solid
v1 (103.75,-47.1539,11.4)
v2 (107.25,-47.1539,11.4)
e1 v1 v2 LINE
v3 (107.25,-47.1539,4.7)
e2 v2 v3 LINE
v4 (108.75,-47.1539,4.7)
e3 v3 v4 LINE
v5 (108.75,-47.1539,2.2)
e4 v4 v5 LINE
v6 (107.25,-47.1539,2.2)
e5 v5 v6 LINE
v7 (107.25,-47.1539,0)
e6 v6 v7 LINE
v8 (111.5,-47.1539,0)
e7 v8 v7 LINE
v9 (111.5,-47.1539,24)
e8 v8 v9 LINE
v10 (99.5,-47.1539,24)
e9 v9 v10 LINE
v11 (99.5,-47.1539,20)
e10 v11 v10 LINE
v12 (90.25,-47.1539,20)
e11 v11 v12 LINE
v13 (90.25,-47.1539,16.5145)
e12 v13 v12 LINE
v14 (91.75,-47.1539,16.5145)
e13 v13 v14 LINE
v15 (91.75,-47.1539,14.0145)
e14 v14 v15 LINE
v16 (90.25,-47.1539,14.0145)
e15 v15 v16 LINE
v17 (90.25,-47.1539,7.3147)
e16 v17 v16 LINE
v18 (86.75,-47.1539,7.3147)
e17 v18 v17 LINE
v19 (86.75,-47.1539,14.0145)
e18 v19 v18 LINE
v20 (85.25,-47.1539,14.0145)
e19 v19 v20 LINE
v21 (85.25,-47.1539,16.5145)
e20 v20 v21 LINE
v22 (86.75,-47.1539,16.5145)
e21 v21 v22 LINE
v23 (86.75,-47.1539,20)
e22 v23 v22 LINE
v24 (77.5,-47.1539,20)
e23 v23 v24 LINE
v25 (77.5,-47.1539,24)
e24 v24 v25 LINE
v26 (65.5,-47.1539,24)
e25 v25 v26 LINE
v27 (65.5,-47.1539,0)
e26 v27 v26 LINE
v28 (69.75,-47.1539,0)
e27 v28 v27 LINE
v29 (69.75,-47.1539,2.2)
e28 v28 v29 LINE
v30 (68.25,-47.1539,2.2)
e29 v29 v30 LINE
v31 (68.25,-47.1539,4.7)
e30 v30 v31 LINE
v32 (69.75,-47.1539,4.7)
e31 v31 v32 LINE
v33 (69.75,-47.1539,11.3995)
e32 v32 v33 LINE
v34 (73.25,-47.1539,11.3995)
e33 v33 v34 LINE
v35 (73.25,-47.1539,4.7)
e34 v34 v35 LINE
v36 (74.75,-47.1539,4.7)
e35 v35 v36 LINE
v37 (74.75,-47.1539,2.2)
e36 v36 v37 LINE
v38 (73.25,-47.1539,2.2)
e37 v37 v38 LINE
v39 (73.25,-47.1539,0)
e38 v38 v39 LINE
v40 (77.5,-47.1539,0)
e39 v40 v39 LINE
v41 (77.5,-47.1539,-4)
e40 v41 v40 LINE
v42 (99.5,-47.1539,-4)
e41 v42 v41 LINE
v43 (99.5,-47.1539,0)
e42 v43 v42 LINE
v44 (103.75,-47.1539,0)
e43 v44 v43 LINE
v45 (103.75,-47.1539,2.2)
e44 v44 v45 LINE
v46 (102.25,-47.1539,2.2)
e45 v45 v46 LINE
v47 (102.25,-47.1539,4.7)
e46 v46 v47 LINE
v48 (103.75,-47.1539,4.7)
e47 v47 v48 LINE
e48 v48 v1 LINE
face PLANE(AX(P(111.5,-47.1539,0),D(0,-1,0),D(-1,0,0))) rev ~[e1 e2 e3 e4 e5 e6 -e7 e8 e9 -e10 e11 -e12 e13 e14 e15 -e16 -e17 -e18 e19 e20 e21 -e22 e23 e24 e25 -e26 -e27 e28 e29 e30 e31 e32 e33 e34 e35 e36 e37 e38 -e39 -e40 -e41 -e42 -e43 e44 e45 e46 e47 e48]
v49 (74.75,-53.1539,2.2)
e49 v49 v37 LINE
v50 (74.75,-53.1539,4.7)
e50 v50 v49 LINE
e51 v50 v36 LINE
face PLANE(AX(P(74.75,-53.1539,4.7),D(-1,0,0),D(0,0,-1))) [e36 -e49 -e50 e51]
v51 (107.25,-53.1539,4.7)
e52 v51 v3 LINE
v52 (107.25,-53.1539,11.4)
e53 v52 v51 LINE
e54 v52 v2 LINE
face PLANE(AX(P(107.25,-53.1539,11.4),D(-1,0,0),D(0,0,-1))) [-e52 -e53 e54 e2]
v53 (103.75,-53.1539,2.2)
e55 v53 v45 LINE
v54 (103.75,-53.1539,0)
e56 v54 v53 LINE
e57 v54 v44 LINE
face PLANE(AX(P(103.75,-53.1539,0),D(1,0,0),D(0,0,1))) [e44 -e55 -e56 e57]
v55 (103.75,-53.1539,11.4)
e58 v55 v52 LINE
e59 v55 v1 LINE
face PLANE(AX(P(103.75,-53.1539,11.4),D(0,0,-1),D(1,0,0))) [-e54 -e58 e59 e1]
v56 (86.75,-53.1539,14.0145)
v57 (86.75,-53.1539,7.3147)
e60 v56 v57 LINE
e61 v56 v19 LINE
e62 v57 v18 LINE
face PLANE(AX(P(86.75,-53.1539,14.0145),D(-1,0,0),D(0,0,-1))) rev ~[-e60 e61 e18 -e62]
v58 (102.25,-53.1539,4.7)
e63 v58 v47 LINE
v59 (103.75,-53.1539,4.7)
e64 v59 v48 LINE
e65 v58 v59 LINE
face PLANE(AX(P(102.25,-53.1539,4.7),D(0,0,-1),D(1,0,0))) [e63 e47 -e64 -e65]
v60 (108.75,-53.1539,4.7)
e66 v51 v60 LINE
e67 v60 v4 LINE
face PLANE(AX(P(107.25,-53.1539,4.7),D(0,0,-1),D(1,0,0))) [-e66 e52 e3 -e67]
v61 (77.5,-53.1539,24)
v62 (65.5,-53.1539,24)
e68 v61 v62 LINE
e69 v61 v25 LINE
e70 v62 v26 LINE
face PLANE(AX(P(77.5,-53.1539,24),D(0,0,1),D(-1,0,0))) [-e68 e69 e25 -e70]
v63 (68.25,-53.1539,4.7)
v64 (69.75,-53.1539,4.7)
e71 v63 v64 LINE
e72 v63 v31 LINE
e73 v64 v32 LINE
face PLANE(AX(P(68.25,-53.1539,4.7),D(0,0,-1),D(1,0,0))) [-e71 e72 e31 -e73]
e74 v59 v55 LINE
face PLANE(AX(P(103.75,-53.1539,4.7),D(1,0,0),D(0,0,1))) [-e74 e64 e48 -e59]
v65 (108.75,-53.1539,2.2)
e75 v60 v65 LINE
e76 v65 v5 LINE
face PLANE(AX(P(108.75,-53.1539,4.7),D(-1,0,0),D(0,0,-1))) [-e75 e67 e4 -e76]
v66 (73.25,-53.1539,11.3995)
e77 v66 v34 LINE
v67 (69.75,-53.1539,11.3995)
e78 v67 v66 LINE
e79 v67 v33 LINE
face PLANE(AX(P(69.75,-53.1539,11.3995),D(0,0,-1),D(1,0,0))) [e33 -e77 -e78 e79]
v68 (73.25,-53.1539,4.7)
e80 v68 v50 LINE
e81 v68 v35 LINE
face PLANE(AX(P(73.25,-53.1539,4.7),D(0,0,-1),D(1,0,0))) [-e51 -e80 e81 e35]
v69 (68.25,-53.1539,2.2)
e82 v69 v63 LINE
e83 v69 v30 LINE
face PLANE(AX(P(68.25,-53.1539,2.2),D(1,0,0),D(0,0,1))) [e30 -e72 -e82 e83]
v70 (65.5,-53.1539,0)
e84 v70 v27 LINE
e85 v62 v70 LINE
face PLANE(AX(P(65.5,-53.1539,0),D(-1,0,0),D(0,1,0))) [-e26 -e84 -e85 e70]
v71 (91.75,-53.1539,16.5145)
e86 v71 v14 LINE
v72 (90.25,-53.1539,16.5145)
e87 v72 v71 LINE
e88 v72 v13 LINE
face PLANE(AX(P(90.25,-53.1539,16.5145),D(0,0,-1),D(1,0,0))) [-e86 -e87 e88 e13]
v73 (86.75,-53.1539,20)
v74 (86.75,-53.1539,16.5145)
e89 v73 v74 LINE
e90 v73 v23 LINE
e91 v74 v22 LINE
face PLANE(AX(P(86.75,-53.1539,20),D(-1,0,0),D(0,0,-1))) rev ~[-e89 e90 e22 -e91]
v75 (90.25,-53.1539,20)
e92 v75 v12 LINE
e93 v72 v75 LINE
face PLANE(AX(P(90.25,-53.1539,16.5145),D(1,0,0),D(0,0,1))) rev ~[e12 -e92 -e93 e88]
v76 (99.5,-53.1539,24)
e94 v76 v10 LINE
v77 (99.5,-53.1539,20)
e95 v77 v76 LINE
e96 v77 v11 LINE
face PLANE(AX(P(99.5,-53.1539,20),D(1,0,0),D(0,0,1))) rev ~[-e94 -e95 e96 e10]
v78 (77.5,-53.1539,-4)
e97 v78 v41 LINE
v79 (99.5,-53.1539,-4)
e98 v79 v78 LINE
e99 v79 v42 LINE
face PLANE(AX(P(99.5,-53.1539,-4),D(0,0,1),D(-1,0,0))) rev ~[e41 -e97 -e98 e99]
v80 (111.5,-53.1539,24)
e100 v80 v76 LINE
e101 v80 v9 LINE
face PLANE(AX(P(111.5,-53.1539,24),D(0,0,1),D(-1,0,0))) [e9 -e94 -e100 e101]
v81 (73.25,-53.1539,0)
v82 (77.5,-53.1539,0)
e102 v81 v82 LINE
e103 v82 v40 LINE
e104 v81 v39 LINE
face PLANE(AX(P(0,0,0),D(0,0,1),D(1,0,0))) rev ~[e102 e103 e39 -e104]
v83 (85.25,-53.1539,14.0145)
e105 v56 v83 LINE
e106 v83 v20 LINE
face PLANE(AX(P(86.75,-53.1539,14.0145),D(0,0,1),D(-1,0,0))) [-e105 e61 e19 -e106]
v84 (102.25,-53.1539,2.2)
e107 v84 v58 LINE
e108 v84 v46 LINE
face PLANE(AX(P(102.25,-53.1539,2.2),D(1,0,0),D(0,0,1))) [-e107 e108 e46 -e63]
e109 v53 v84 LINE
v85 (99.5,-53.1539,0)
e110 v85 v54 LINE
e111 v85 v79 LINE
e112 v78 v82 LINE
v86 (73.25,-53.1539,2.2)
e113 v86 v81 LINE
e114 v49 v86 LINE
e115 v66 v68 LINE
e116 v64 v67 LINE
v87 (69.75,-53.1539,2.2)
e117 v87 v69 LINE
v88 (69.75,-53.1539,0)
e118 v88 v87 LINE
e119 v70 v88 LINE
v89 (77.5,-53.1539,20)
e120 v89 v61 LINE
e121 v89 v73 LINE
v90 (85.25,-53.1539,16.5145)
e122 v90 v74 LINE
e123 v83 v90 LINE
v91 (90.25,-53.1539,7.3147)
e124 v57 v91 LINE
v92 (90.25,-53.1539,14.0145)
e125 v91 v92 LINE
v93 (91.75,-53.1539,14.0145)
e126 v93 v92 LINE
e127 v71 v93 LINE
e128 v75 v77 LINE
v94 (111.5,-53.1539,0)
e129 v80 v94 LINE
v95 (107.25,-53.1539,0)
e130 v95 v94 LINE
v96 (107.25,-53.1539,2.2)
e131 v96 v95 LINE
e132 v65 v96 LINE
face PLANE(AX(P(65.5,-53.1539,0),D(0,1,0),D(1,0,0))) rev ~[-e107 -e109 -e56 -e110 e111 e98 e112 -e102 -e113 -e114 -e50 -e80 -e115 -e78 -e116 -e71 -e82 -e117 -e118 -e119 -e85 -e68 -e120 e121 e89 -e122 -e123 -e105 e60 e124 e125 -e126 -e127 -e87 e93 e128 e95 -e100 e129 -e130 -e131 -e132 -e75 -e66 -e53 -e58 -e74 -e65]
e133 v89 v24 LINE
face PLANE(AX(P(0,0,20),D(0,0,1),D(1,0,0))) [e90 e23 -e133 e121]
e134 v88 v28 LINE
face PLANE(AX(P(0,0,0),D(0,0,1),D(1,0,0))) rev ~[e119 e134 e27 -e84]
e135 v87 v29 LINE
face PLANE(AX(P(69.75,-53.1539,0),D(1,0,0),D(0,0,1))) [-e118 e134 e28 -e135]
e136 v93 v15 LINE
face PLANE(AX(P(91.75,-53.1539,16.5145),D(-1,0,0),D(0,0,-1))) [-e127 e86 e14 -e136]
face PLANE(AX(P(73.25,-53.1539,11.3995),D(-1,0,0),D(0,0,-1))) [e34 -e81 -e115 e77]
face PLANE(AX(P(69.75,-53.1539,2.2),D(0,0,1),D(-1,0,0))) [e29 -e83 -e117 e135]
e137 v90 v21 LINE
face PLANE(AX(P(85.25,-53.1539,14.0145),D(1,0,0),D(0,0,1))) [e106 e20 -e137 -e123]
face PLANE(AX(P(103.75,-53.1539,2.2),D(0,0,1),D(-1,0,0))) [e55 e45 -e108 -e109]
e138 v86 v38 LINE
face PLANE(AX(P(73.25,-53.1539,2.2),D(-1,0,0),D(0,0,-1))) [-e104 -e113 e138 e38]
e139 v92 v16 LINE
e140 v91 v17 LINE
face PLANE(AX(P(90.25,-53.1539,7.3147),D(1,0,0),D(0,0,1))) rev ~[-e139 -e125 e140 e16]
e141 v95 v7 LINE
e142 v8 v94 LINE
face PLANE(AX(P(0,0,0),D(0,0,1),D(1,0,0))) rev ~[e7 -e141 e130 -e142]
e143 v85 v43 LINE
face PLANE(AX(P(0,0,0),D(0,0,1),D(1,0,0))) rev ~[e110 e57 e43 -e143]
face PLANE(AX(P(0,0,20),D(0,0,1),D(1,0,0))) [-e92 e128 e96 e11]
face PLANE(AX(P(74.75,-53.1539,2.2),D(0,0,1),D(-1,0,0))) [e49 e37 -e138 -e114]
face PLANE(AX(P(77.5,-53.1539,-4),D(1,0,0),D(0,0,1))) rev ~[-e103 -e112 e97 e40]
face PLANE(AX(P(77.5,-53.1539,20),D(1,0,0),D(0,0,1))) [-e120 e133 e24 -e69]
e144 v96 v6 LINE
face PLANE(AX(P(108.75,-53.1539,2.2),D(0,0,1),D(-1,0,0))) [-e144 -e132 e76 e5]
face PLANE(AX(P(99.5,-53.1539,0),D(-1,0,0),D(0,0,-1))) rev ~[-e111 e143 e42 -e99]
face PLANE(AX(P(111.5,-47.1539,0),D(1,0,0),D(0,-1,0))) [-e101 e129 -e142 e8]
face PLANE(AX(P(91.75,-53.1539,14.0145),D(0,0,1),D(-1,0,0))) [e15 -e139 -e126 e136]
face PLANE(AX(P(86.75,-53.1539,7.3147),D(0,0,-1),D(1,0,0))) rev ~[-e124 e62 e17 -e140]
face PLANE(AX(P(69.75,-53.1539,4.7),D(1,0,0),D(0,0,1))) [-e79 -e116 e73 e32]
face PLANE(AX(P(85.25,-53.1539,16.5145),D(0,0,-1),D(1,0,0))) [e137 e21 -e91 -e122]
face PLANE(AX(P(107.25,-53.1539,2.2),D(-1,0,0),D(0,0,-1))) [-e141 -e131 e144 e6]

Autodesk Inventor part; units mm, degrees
ref_plane "YZ Plane" through (0, 0, 0) normal (1, 0, 0) x (0, 1, 0)
ref_plane "XZ Plane" through (0, 0, 0) normal (0, 1, 0) x (-1, 0, 0)
ref_plane "РабПлоскость1" through (0, 0, 0) normal (0, 0, 1) x (1, 0, 0)
sketch "Эскиз1" plane through (0, 0, 0) normal (0, 0, 1) x (1, 0, 0)
  line L0 (111.5, 97.5) -> (111.5, -97.5) projected
  line L1 (65.5, 97.5) -> (111.5, 97.5) projected
  line L2 (65.5, 63.1836) -> (65.5, 97.5) projected
  line L3 (65.5, 63.1836) -> (57.5, 63.1836) projected
  line L4 (57.5, 53.1836) -> (57.5, 63.1836) projected
  line L5 (65.5, 53.1836) -> (57.5, 53.1836) projected
  line L6 (65.5, -53.1539) -> (65.5, 53.1836) projected
  line L7 (65.5, -53.1539) -> (57.5, -53.1539) projected
  line L8 (57.5, -63.1539) -> (57.5, -53.1539) projected
  line L9 (65.5, -63.1539) -> (57.5, -63.1539) projected
  line L10 (65.5, -97.5) -> (65.5, -63.1539) projected
  line L11 (111.5, -97.5) -> (65.5, -97.5) projected
  line L12 (65.5, 53.1836) -> (111.5, 53.1836)
  line L13 (111.5, 53.1836) -> (111.5, 47.1836)
  line L14 (111.5, 47.1836) -> (65.5, 47.1836)
  line L15 (65.5, 47.1836) -> (65.5, 53.1836)
  line L16 (65.5, -53.1539) -> (111.5, -53.1539)
  line L17 (111.5, -53.1539) -> (111.5, -47.1539)
  line L18 (111.5, -47.1539) -> (65.5, -47.1539)
  line L19 (65.5, -47.1539) -> (65.5, -53.1539)
  point P0 (0, 0)
  dimension "d0" = 6
  dimension "d1" = 6
ref_plane "РабПлоскость2" through (57.5, -97.5, 20) normal (0, 0, -1) x (0, 1, 0)
extrude "Выдавливание1" add sketch "Эскиз1" along normal up to surface (20 mm away) contours L0 L16 L6 L18
sketch "Эскиз2" plane through (65.5, -53.1539, 0) normal (0, -1, 0) x (1, 0, 0)
  line L0 (46, 24) -> (0, 24) projected
  line L1 (0, 20) -> (46, 20) projected
  line L2 (0, 20) -> (12, 20)
  line L3 (12, 20) -> (12, 24)
  line L4 (12, 24) -> (0, 24)
  line L5 (0, 24) -> (0, 20)
  line L6 (46, 20) -> (34, 20)
  line L7 (34, 20) -> (34, 24)
  line L8 (34, 24) -> (46, 24)
  line L9 (46, 24) -> (46, 20)
  point P0 (-65.5, 0)
  point P1 (34, 20)
  dimension "d4" = 12
  dimension "d5" = 12
sketch "Эскиз3" plane through (65.5, -53.1539, 0) normal (0, -1, 0) x (1, 0, 0)
  line L0 (31, 10.1574) -> (31, 5.1574)
  line L1 (26.25, 14.0145) -> (19.75, 14.0145)
  line L2 (19.75, 14.0145) -> (19.75, 16.5145)
  line L3 (19.75, 16.5145) -> (26.25, 16.5145)
  line L4 (26.25, 16.5145) -> (26.25, 14.0145)
  line L5 (24.75, 20) -> (21.25, 20)
  line L6 (21.25, 20) -> (21.25, 7.3147)
  line L7 (21.25, 7.3147) -> (24.75, 7.3147)
  line L8 (24.75, 7.3147) -> (24.75, 20)
  line L9 (24.75, 20) -> (21.25, 7.3147) construction
  line L10 (21.25, 20) -> (24.75, 7.3147) construction
  line L11 (24.75, 20) -> (21.25, 16.5145)
  line L12 (24.75, 16.5145) -> (21.25, 20)
  line L13 (46, 20) -> (0, 20) projected
  point P0 (-65.5, 0)
  point P1 (23, 13.6574)
  point P2 (23, 20)
  point P3 (21.25, 14.0145)
  point P4 (24.75, 14.0145)
  dimension "d6" = 6.5
  dimension "d7" = 2.5
  dimension "d10" = 4.75
  dimension "d12" = 3.5
  dimension "d13" = 3.25
extrude "Выдавливание2" add sketch "Эскиз2" against normal blind 6 contours L9 L1 L7 L0 | L3 L1 L5 L0
extrude "Выдавливание3" cut sketch "Эскиз3" against normal blind 6
sketch "Эскиз4" plane through (65.5, -53.1539, 0) normal (0, -1, 0) x (1, 0, 0)
  line L0 (46, 0) -> (0, 0) projected
  line L1 (12, 0) -> (34, 0)
  line L2 (34, 0) -> (34, -4)
  line L3 (34, -4) -> (12, -4)
  line L4 (12, -4) -> (12, 0)
  point P0 (-65.5, 0)
  point P1 (34, 0)
  dimension "d18" = 12
  dimension "d19" = 12
  dimension "d20" = 4
extrude "Выдавливание4" add sketch "Эскиз4" against normal blind 6
sketch "Эскиз5" plane through (65.5, -53.1539, 24) normal (0, -1, 0) x (1, 0, 0)
  line L0 (9.25, -21.8) -> (2.75, -21.8)
  line L1 (2.75, -21.8) -> (2.75, -19.3)
  line L2 (2.75, -19.3) -> (9.25, -19.3)
  line L3 (9.25, -19.3) -> (9.25, -21.8)
  line L4 (4.25, -12.6005) -> (7.75, -12.6005)
  line L5 (7.75, -12.6005) -> (7.75, -24)
  line L6 (7.75, -24) -> (4.25, -24)
  line L7 (4.25, -24) -> (4.25, -12.6005)
  line L8 (4.25, -12.6005) -> (7.75, -24) construction
  line L9 (7.75, -12.6005) -> (4.25, -24) construction
  line L10 (0, -24) -> (12, -24) projected
  line L11 (43.25, -19.3) -> (43.25, -21.8)
  line L12 (41.75, -24) -> (38.25, -24)
  line L13 (41.75, -12.6) -> (41.75, -24)
  line L14 (43.25, -21.8) -> (36.75, -21.8)
  line L15 (36.75, -19.3) -> (43.25, -19.3)
  line L16 (38.25, -12.6) -> (41.75, -24) construction
  line L17 (38.25, -12.6) -> (41.75, -12.6)
  line L18 (41.75, -12.6) -> (38.25, -24) construction
  line L19 (36.75, -21.8) -> (36.75, -19.3)
  line L20 (38.25, -24) -> (38.25, -12.6)
  line L21 (34, -24) -> (46, -24) projected
  point P0 (-65.5, -24)
  point P1 (6, -18.3002)
  point P2 (6, -24)
  point P3 (40, -18.3)
  point P4 (42.6795, -22.1366)
  point P5 (40, -24)
  point P6 (38.25, -19.3)
  point P7 (38.25, -21.8)
  point P8 (41.75, -21.8)
  point P9 (41.75, -19.3)
  point P10 (4.25, -19.3)
  point P11 (4.25, -21.8)
  point P12 (7.75, -21.8)
  point P13 (7.75, -19.3)
  dimension "d23" = 6.5
  dimension "d24" = 2.5
  dimension "d29" = 3.5
  dimension "d30" = 3.25
  dimension "d31" = 2.2
  dimension "d32" = 6.5
  dimension "d33" = 2.5
  dimension "d34" = 3.5
  dimension "d35" = 3.25
  dimension "d36" = 2.2
  dimension "d39" = 6.7
extrude "Выдавливание5" cut sketch "Эскиз5" against normal blind 6
properties part number "стенка держит стенку"
